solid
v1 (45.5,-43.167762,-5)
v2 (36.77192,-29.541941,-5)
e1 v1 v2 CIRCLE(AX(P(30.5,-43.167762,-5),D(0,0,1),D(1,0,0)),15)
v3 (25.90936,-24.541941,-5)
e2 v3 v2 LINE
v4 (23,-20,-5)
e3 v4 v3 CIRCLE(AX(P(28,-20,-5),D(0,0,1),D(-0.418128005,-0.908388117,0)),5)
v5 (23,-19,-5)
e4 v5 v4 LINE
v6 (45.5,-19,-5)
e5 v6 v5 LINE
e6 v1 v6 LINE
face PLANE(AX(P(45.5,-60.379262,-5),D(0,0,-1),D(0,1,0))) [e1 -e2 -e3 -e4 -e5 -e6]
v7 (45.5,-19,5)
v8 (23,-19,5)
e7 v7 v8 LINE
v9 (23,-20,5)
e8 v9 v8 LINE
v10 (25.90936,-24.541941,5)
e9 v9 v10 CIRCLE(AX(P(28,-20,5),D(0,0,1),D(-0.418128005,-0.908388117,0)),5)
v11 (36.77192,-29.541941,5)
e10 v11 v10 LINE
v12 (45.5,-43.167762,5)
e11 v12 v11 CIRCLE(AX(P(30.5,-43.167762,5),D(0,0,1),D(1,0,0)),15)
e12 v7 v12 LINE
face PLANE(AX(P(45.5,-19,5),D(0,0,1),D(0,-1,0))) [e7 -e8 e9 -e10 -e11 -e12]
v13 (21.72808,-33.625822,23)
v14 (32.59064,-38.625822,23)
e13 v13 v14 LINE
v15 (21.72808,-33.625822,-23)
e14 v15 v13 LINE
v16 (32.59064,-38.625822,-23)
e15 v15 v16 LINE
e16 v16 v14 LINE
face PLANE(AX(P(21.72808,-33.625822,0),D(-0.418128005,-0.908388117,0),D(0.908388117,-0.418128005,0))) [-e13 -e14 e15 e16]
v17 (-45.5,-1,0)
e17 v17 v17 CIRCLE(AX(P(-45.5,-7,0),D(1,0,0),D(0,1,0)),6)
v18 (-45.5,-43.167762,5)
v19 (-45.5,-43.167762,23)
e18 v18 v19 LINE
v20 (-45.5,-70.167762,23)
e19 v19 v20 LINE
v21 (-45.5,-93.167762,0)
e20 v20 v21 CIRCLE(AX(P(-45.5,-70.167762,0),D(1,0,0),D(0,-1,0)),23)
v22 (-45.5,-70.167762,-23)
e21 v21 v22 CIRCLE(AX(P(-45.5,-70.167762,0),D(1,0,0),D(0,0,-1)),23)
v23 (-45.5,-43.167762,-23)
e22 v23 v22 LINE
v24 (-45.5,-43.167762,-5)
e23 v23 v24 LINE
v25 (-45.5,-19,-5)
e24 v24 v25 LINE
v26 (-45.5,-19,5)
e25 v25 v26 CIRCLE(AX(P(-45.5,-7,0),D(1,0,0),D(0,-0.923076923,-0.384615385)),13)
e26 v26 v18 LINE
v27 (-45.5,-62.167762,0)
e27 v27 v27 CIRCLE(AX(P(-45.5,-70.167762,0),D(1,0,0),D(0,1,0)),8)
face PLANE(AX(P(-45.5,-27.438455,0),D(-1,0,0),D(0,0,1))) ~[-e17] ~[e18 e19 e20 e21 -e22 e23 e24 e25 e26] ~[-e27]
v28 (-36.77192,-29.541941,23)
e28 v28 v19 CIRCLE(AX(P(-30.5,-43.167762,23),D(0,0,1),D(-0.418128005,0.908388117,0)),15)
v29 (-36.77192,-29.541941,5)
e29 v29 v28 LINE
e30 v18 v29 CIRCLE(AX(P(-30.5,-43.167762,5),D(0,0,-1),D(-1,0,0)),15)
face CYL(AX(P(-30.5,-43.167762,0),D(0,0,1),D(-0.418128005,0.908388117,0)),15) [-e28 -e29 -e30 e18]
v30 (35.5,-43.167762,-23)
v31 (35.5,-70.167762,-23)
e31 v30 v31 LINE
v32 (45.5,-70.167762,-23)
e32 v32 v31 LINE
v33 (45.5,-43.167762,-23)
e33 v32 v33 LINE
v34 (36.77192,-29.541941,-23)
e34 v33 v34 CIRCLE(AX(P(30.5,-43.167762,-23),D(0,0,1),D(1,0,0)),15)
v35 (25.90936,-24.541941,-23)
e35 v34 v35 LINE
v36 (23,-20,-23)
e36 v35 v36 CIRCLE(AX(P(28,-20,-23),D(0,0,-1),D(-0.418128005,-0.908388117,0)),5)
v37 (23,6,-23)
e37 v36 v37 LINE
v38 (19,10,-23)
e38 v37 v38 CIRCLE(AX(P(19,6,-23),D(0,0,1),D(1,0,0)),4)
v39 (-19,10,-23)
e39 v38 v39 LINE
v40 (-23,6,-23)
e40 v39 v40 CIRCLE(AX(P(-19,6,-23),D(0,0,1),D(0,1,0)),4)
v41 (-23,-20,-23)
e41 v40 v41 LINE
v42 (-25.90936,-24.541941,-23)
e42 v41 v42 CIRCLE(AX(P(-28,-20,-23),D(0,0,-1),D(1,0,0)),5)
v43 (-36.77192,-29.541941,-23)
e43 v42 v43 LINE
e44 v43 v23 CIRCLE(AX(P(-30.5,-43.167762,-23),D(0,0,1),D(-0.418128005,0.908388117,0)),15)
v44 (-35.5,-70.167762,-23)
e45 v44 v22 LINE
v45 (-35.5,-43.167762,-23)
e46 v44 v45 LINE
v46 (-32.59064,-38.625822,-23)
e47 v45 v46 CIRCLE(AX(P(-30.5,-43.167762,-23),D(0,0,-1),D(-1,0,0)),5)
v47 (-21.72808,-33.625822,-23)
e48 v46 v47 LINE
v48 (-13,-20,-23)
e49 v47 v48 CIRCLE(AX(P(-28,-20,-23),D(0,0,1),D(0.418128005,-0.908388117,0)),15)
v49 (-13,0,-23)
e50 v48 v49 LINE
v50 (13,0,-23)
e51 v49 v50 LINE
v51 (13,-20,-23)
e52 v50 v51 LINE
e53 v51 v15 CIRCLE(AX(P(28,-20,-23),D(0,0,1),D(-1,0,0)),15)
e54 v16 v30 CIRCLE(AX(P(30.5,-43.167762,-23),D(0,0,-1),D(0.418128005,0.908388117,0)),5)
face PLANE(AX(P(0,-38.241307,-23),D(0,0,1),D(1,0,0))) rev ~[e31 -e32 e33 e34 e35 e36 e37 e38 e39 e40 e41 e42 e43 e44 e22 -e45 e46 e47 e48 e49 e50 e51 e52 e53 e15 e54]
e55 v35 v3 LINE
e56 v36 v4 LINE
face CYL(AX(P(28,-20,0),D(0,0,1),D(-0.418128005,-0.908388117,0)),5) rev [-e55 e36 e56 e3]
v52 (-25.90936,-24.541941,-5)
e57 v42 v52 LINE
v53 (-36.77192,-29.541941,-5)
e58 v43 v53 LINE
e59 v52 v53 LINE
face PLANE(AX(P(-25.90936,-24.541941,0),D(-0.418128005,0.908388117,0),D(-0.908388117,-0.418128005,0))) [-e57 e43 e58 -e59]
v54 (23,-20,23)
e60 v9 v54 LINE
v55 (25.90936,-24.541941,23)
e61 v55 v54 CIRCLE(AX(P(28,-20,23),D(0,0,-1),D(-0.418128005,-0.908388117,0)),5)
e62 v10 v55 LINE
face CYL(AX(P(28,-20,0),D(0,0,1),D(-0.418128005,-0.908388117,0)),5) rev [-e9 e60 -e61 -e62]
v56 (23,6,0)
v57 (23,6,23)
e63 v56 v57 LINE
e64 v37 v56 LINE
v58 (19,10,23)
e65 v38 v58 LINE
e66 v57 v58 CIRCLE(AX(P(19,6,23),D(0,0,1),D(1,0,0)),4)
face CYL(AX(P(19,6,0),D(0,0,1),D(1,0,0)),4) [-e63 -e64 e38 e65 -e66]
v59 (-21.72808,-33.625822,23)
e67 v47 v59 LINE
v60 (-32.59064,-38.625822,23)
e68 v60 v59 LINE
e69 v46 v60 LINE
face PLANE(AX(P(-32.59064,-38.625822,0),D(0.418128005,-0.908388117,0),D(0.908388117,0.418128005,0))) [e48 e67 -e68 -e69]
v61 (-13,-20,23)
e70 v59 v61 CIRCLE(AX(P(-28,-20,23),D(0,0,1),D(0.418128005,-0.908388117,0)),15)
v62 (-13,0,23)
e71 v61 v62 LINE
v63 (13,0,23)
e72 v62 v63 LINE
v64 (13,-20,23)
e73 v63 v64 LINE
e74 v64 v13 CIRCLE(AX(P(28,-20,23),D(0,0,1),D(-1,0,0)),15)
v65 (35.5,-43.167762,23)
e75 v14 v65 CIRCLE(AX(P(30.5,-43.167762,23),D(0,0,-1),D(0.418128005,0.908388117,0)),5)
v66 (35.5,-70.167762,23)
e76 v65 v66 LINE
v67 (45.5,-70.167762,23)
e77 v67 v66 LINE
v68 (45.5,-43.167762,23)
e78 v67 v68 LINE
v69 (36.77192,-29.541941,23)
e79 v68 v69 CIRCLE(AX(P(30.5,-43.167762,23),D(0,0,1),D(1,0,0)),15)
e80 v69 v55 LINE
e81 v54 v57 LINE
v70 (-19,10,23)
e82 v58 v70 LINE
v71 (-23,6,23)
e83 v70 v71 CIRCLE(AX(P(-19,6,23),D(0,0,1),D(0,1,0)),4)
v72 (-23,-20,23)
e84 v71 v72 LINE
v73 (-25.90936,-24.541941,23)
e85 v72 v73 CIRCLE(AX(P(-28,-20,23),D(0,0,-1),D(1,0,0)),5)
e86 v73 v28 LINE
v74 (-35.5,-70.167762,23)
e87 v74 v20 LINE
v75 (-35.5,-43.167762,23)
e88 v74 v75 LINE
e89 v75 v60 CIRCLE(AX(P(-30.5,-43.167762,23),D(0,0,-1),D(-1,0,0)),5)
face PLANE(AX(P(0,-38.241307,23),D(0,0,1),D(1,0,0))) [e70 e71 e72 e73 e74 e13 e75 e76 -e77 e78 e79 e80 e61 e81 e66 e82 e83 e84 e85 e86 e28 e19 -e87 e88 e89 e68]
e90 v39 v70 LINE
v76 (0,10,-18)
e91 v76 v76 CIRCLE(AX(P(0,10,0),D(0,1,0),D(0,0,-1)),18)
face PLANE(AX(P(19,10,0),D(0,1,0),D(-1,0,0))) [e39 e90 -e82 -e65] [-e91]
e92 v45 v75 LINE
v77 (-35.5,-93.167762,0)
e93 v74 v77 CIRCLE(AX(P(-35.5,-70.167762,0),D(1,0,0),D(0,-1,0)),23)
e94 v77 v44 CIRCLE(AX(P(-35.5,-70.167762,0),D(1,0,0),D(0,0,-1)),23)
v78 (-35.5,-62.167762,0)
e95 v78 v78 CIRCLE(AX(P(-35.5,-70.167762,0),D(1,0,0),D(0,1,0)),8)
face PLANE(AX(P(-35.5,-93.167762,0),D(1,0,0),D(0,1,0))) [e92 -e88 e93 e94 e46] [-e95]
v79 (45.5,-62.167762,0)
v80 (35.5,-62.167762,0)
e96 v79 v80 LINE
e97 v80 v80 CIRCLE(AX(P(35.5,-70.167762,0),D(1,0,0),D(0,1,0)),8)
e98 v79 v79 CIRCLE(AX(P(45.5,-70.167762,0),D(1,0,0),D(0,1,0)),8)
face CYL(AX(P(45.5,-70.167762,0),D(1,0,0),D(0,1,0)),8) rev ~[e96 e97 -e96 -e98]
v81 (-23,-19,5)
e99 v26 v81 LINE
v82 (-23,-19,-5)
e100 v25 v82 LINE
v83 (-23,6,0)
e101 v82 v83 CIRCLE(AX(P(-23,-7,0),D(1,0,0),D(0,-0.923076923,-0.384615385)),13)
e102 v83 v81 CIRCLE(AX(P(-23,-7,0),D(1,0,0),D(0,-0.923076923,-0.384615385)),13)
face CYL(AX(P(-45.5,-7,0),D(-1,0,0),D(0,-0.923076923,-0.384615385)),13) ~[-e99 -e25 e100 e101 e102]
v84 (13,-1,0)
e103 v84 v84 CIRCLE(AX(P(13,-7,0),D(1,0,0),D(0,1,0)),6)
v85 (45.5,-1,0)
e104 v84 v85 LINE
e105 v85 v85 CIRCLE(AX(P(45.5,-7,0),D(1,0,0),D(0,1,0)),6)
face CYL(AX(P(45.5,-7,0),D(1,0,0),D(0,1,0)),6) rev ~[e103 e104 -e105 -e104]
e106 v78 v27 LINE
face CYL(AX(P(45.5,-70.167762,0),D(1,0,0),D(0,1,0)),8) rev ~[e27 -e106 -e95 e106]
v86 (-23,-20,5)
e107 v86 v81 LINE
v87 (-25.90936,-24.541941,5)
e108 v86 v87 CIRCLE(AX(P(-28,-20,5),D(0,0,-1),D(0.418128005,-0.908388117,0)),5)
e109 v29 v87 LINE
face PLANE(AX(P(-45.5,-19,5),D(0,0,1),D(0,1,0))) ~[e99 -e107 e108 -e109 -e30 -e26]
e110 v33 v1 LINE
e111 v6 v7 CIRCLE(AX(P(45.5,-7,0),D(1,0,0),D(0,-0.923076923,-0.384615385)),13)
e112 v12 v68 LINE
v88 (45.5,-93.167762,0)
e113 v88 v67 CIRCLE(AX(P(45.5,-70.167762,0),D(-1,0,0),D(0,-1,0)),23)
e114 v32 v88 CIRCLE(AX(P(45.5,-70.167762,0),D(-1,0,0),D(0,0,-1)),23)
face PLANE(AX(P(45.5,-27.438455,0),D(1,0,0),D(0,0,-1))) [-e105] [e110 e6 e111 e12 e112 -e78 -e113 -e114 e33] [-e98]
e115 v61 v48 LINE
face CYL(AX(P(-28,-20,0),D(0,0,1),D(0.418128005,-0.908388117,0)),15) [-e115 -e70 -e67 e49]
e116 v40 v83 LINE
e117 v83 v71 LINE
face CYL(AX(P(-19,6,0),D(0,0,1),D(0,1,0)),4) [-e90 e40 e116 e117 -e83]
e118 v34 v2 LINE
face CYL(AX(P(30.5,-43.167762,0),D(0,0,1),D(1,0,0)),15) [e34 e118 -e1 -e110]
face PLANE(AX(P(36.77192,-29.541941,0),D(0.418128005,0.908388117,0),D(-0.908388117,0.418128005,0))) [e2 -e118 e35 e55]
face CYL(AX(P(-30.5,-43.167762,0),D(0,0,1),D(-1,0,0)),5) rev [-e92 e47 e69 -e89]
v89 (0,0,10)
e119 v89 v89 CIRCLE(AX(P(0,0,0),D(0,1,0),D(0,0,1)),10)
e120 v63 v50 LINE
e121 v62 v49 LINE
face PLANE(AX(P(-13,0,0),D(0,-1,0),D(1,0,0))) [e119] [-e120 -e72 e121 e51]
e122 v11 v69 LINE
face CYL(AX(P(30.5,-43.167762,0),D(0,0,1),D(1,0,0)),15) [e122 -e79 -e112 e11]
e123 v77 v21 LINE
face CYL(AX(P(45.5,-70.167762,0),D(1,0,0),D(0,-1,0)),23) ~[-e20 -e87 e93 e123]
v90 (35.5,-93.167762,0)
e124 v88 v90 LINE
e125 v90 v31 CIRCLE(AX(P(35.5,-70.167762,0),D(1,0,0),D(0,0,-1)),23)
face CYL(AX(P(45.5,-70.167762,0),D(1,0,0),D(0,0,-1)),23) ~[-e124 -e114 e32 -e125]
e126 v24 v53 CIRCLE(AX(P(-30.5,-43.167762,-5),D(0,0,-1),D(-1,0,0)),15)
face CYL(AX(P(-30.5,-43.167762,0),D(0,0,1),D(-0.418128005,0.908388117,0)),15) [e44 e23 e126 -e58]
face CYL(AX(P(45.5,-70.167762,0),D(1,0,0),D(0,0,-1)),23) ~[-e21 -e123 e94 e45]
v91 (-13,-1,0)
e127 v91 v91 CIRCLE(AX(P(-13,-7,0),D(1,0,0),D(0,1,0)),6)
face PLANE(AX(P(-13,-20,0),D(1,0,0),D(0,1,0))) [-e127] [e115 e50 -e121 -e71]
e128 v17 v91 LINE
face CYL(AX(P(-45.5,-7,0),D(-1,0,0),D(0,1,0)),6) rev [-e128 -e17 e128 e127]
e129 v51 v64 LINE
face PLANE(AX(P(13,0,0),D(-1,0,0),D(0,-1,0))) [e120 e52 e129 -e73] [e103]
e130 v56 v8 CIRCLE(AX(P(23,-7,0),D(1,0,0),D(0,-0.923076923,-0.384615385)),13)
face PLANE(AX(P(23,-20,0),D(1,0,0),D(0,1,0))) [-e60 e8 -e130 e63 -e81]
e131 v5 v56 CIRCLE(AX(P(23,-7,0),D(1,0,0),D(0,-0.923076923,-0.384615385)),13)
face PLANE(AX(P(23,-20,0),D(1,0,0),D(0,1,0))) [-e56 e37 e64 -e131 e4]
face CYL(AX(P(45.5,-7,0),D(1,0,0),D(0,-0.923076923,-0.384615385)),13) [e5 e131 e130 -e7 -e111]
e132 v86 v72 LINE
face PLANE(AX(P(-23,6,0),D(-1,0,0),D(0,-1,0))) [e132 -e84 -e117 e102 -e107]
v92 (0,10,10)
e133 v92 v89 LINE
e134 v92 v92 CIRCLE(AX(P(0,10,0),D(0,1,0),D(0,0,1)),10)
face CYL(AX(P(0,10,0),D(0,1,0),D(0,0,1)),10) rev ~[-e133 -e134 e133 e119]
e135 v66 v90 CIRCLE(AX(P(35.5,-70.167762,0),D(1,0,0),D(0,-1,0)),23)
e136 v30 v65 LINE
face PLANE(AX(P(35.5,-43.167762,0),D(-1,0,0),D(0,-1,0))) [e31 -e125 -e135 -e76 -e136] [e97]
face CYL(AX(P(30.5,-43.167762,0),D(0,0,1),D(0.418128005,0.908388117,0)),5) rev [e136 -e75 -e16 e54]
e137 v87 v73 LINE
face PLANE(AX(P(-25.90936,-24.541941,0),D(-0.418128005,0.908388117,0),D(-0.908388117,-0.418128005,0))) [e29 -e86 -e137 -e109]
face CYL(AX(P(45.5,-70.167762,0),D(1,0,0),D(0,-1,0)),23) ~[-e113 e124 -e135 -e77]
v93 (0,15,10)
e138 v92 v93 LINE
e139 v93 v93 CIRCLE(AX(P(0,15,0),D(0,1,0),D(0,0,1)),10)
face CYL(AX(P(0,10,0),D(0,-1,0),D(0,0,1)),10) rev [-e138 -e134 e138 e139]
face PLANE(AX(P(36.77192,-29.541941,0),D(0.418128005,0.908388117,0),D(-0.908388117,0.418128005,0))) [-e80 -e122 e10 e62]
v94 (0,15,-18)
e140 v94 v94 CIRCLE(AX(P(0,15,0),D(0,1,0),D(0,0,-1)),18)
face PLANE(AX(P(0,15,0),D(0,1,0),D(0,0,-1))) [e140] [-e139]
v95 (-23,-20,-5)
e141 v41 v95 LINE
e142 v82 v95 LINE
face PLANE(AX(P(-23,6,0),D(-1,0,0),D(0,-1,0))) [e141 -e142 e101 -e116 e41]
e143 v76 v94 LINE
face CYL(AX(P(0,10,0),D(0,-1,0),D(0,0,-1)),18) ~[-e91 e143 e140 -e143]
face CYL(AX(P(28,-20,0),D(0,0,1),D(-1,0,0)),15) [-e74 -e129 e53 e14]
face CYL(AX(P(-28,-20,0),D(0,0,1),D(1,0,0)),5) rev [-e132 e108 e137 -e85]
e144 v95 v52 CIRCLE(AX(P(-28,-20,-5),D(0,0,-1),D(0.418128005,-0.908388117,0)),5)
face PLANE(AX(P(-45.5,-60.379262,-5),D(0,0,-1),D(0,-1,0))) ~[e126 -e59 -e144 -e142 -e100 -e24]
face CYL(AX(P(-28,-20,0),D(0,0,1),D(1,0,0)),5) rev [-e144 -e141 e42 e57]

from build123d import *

# Parameters (mm, degrees)
BOSS_EXTRUDE1_DEPTH = 23
SKETCH2_R           = 8
CUT_EXTRUDE1_DEPTH  = 133.250640603
SKETCH3_R           = 18
SKETCH3_R_2         = 10
BOSS_EXTRUDE2_DEPTH = 5
CUT_EXTRUDE2_REACH  = 117.078
SKETCH4_R           = 10
BOSS_EXTRUDE3_REACH = 134.251
SKETCH5_R           = 6
CUT_EXTRUDE4_REACH  = 119.905
SKETCH7_R           = 6


with BuildPart() as part:
    # Sketch1 → Boss-Extrude1 (new, symmetric)
    with BuildSketch(Plane.XY):
        with BuildLine():
            Line((0, 0), (13, 0))
            Line((13, 0), (13, -20))
            ThreePointArc((13, -20), (15.369109272, -28.090772486), (21.728079924, -33.625821757))
            Line((21.728079924, -33.625821757), (32.590640025, -38.625821757))
            ThreePointArc((32.590640025, -38.625821757), (34.710296909, -40.470838181), (35.5, -43.167762343))
            Line((35.5, -43.167762343), (35.5, -93.167762343))
            Line((35.5, -93.167762343), (45.5, -93.167762343))
            Line((45.5, -93.167762343), (45.5, -43.167762343))
            ThreePointArc((45.5, -43.167762343), (43.130890728, -35.076989856), (36.771920076, -29.541940586))
            Line((36.771920076, -29.541940586), (25.909359975, -24.541940586))
            ThreePointArc((25.909359975, -24.541940586), (23.789703091, -22.696924162), (23, -20))
            Line((23, -20), (23, 6))
            ThreePointArc((23, 6), (21.828427125, 8.828427125), (19, 10))
            Line((19, 10), (-19, 10))
            ThreePointArc((-19, 10), (-21.828427125, 8.828427125), (-23, 6))
            Line((-23, 6), (-23, -20))
            ThreePointArc((-23, -20), (-23.789703091, -22.696924162), (-25.909359975, -24.541940586))
            Line((-25.909359975, -24.541940586), (-36.771920076, -29.541940586))
            ThreePointArc((-36.771920076, -29.541940586), (-43.130890728, -35.076989856), (-45.5, -43.167762343))
            Line((-45.5, -43.167762343), (-45.5, -93.167762343))
            Line((-45.5, -93.167762343), (-35.5, -93.167762343))
            Line((-35.5, -93.167762343), (-35.5, -43.167762343))
            ThreePointArc((-35.5, -43.167762343), (-34.710296909, -40.470838181), (-32.590640025, -38.625821757))
            Line((-32.590640025, -38.625821757), (-21.728079924, -33.625821757))
            ThreePointArc((-21.728079924, -33.625821757), (-15.369109272, -28.090772486), (-13, -20))
            Line((-13, -20), (-13, 0))
            Line((-13, 0), (0, 0))
        make_face()
    extrude(amount=BOSS_EXTRUDE1_DEPTH, both=True)

    # Sketch2 → Cut-Extrude1 (cut, through all)
    with BuildSketch(Plane(origin=(45.5, 0, 0), x_dir=(0, 0, -1), z_dir=(1, 0, 0))):
        with Locations(Location((0, -70.167762343, 0), (0, 0, 90))):
            Circle(SKETCH2_R)
        with BuildLine():
            ThreePointArc((0, -93.167762343), (-16.263455967, -86.43121831), (-23, -70.167762343))
            Line((-23, -70.167762343), (-23, -93.167762343))
            Line((-23, -93.167762343), (0, -93.167762343))
        make_face()
        with BuildLine():
            ThreePointArc((23, -70.167762343), (16.263455967, -86.43121831), (0, -93.167762343))
            Line((0, -93.167762343), (23, -93.167762343))
            Line((23, -93.167762343), (23, -70.167762343))
        make_face()
    extrude(amount=-CUT_EXTRUDE1_DEPTH, mode=Mode.SUBTRACT)

    # Sketch3 → Boss-Extrude2 (add)
    with BuildSketch(Plane(origin=(0, 10, 0), x_dir=(1, 0, 0), z_dir=(0, 1, 0))):
        with Locations(Location((0, 0, 0), (0, 0, 90))):
            Circle(SKETCH3_R)
        with Locations(Location((0, 0, 0), (0, 0, 270))):
            Circle(SKETCH3_R_2, mode=Mode.SUBTRACT)
    extrude(amount=BOSS_EXTRUDE2_DEPTH)

    # Sketch4 → Cut-Extrude2 (cut, up to next)
    with BuildSketch(Plane(origin=(0, 10, 0), x_dir=(1, 0, 0), z_dir=(0, 1, 0)), mode=Mode.PRIVATE) as cut_extrude2_sk1:
        with Locations(Location((0, 0, 0), (0, 0, 270))):
            Circle(SKETCH4_R)
    cut_extrude2_tool1 = extrude(cut_extrude2_sk1.sketch, amount=-CUT_EXTRUDE2_REACH, mode=Mode.PRIVATE) & part.part
    add(cut_extrude2_tool1.solids().sort_by_distance((0, 10, 0))[0], mode=Mode.SUBTRACT)

    # Sketch5 → Boss-Extrude3 (add, up to next)
    with BuildSketch(Plane(origin=(45.5, 0, 0), x_dir=(0, 0, -1), z_dir=(1, 0, 0)), mode=Mode.PRIVATE) as boss_extrude3_sk1:
        with BuildLine():
            Line((5, -60.379262018), (5, -19))
            ThreePointArc((5, -19), (0, 6), (-5, -19))
            Line((-5, -19), (-5, -60.379262018))
            Line((-5, -60.379262018), (5, -60.379262018))
        make_face()
        with Locations(Location((0, -7, 0), (0, 0, 90))):
            Circle(SKETCH5_R, mode=Mode.SUBTRACT)
    boss_extrude3_tool1 = extrude(boss_extrude3_sk1.sketch, amount=-BOSS_EXTRUDE3_REACH, mode=Mode.PRIVATE) - part.part
    boss_extrude3 = boss_extrude3_tool1.solids().sort_by_distance((45.5, -23.296906, 0))[0]
    add(boss_extrude3)

    # Sketch7 → Cut-Extrude4 (cut, up to next)
    with BuildSketch(Plane(origin=(23, 0, 0), x_dir=(0, 0, -1), z_dir=(1, 0, 0)), mode=Mode.PRIVATE) as cut_extrude4_sk1:
        with Locations(Location((0, -7, 0), (0, 0, 90))):
            Circle(SKETCH7_R)
    cut_extrude4_tool1 = extrude(cut_extrude4_sk1.sketch, amount=-CUT_EXTRUDE4_REACH, mode=Mode.PRIVATE) & part.part
    cut_extrude4 = cut_extrude4_tool1.solids().sort_by_distance((23, -7, 0))[0]
    add(cut_extrude4, mode=Mode.SUBTRACT)

    # Mirror1: Boss-Extrude3, Cut-Extrude4 across plane
    add(boss_extrude3.mirror(Plane(origin=(0, 0, 0), x_dir=(0, 0, 1), z_dir=(1, 0, 0))))
    add(cut_extrude4.mirror(Plane(origin=(0, 0, 0), x_dir=(0, 0, 1), z_dir=(1, 0, 0))), mode=Mode.SUBTRACT)


solid = part.part
